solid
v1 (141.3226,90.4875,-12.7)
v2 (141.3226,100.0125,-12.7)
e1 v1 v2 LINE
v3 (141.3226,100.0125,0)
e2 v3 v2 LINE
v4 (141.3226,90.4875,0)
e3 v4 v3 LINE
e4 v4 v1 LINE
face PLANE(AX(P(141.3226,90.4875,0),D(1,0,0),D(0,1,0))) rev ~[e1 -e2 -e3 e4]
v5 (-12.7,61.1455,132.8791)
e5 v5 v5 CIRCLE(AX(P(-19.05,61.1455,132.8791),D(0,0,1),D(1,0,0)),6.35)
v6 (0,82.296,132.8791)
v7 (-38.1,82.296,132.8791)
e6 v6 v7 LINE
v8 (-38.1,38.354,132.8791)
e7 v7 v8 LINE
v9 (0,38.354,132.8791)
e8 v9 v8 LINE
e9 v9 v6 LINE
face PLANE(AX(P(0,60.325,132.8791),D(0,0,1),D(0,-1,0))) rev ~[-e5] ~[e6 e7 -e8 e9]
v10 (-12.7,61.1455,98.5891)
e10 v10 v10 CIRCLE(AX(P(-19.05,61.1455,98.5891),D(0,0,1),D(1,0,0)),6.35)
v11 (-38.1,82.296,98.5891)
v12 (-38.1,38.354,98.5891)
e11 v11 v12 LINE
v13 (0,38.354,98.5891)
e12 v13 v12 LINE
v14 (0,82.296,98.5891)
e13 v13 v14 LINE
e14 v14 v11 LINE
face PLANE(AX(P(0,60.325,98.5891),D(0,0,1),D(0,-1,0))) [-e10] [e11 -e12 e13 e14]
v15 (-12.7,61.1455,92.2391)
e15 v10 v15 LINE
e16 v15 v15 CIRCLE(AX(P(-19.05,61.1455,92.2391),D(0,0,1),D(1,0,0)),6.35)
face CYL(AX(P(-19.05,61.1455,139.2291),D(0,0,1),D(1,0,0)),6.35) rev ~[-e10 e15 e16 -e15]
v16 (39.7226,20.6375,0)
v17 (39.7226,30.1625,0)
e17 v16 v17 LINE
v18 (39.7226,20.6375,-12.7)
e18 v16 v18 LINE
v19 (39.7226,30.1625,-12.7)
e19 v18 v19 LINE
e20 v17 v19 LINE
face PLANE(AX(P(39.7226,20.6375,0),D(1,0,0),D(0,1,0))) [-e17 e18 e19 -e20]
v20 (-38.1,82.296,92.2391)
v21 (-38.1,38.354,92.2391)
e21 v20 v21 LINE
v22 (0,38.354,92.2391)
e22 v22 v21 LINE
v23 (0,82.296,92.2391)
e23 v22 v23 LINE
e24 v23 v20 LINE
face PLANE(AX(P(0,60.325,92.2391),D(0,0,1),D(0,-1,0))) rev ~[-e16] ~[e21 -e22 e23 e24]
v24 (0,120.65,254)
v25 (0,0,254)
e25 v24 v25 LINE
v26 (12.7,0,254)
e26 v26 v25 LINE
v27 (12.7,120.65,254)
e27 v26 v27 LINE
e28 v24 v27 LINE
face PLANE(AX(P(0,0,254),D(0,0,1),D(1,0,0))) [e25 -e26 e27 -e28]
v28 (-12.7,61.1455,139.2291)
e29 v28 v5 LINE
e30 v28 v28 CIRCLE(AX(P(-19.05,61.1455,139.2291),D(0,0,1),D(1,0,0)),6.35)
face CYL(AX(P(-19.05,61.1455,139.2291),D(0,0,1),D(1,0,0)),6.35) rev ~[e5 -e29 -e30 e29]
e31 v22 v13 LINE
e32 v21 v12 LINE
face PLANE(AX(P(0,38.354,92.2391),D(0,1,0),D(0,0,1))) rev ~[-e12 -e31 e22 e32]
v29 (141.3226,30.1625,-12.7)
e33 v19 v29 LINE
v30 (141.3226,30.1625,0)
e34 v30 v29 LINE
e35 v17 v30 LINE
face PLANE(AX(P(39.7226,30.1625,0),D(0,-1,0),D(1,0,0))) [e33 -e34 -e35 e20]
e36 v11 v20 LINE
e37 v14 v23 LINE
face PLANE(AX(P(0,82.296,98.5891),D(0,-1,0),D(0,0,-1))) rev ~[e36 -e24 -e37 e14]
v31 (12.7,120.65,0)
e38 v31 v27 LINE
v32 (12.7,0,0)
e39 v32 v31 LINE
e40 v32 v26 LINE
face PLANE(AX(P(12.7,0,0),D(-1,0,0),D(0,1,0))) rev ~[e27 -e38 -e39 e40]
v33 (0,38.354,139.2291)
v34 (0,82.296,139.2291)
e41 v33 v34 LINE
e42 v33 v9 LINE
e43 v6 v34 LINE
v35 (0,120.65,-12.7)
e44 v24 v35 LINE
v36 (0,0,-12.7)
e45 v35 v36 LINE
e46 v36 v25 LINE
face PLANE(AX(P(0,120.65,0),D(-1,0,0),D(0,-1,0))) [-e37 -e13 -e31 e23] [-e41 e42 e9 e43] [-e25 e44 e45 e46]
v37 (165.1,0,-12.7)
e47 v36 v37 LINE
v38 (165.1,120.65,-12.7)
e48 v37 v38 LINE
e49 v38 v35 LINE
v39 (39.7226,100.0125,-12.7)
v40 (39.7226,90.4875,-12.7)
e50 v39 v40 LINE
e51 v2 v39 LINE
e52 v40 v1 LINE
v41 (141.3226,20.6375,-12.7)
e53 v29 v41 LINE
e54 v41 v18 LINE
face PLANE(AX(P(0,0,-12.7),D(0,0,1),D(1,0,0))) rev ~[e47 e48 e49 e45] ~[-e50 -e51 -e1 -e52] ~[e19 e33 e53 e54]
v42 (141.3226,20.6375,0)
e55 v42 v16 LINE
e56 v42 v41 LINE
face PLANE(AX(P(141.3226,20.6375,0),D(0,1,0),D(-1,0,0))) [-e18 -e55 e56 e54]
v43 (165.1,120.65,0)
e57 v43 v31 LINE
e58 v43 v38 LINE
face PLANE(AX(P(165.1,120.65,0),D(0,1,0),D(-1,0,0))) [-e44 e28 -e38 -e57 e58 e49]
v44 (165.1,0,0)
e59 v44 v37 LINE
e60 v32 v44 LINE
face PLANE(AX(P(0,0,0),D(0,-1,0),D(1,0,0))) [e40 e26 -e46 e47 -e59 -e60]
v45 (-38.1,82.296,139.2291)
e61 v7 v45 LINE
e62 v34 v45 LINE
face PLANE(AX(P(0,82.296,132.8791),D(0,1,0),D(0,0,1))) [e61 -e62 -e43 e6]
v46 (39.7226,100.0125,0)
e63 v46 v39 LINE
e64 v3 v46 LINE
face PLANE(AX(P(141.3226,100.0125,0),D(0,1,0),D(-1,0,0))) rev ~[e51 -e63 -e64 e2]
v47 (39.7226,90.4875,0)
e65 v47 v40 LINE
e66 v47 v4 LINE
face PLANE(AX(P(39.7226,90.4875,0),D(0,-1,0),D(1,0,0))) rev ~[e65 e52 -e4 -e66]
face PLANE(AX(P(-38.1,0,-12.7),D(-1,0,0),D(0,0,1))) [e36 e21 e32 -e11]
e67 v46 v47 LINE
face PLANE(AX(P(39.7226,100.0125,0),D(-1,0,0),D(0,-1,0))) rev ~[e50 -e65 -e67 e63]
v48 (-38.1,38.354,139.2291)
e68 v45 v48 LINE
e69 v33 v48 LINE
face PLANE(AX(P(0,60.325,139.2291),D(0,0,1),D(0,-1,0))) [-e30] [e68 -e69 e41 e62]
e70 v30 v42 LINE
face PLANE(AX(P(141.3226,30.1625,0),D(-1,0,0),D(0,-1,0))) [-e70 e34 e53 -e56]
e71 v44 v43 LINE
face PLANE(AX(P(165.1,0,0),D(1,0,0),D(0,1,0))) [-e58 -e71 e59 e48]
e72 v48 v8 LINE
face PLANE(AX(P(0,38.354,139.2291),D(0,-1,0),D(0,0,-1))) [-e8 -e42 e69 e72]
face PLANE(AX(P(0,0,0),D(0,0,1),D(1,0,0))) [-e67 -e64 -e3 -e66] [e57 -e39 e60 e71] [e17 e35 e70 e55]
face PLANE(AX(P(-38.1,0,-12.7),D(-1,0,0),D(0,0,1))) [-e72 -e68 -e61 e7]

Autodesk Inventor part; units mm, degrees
ref_plane "YZ Plane" through (0, 0, 0) normal (1, 0, 0) x (0, 1, 0)
ref_plane "XZ Plane" through (0, 0, 0) normal (0, 1, 0) x (-1, 0, 0)
ref_plane "XY Plane" through (0, 0, 0) normal (0, 0, 1) x (1, 0, 0)
sketch "Sketch1" plane through (0, 0, 0) normal (0, 0, 1) x (1, 0, 0)
  line L0 (0, 0) -> (165.1, 0)
  line L1 (165.1, 0) -> (165.1, 120.65)
  line L2 (165.1, 120.65) -> (0, 120.65)
  line L3 (0, 120.65) -> (0, 0)
  dimension "d0" = 165.1
  dimension "d1" = 120.65
extrude "Extrusion1" add sketch "Sketch1" against normal blind 12.7
sketch "Sketch2" plane through (0, 0, 0) normal (0, 0, 1) x (1, 0, 0)
  line L0 (165.1, 0) -> (0, 0) projected
  line L1 (0, 120.65) -> (165.1, 120.65) projected
  line L2 (0, 0) -> (12.7, 0)
  line L3 (12.7, 0) -> (12.7, 120.65)
  line L4 (12.7, 120.65) -> (0, 120.65)
  line L5 (0, 120.65) -> (0, 0)
  dimension "d4" = 12.7
extrude "Extrusion2" add sketch "Sketch2" along normal blind 254
sketch "Sketch5" plane through (0, 0, 0) normal (0, 0, 1) x (1, 0, 0)
  point P0 (0, 0)
sketch "Sketch7" plane through (0, 0, 0) normal (0, 0, 1) x (1, 0, 0)
  line L0 (165.1, 120.65) -> (165.1, 0) projected
  line L1 (165.1, 60.325) -> (0, 60.325)
  line L2 (0, 0) -> (0, 120.65) projected
  line L3 (39.7226, 30.1625) -> (141.3226, 30.1625)
  line L4 (141.3226, 30.1625) -> (141.3226, 20.6375)
  line L5 (141.3226, 20.6375) -> (39.7226, 20.6375)
  line L6 (39.7226, 20.6375) -> (39.7226, 30.1625)
  line L7 (39.7226, 90.4875) -> (141.3226, 90.4875)
  line L8 (141.3226, 90.4875) -> (141.3226, 100.0125)
  line L9 (141.3226, 100.0125) -> (39.7226, 100.0125)
  line L10 (39.7226, 100.0125) -> (39.7226, 90.4875)
  point P0 (118.0813, 25.4)
  point P1 (118.0813, 95.25)
  dimension "d20" = 101.6
  dimension "d21" = 9.525
  dimension "d33" = 4.7625
  dimension "d34" = 4.7625
hole "Hole1" [suppressed]
extrude "Extrusion7" cut sketch "Sketch7" against normal blind 25.4
sketch "Sketch8" plane through (0, 0, -12.7) normal (-1, 0, 0) x (0, 0, 1)
  line L0 (266.7, 120.65) -> (266.7, 0) projected
  line L1 (266.7, 60.325) -> (0, 60.325)
  line L2 (0, 0) -> (0, 120.65) projected
  line L3 (128.4341, 144.8996) -> (128.4341, -24.2496)
  line L4 (145.5791, 60.325) -> (145.5791, 38.354)
  line L5 (145.5791, 60.325) -> (145.5791, 82.296)
  line L6 (111.2891, 60.325) -> (111.2891, 38.354)
  line L7 (111.2891, 60.325) -> (111.2891, 82.296)
  line L8 (145.5791, 82.296) -> (151.9291, 82.296)
  line L9 (151.9291, 82.296) -> (151.9291, 38.354)
  line L10 (151.9291, 38.354) -> (145.5791, 38.354)
  line L11 (145.5791, 38.354) -> (145.5791, 82.296)
  line L12 (111.2891, 82.296) -> (104.9391, 82.296)
  line L13 (104.9391, 82.296) -> (104.9391, 38.354)
  line L14 (104.9391, 38.354) -> (111.2891, 38.354)
  line L15 (111.2891, 38.354) -> (111.2891, 82.296)
  point P0 (12.7, 0)
  dimension "d35" = 17.145
  dimension "d36" = 21.971
  dimension "d37" = 21.971
  dimension "d38" = 6.35
  dimension "d39" = 6.35
extrude "Extrusion8" add sketch "Sketch8" along normal blind 38.1
sketch "Sketch9" plane through (0, 38.354, 139.2291) normal (0, 0, 1) x (1, 0, 0)
  line L0 (0, 82.296) -> (0, -38.354) projected
  circle A0 centre (-19.05, 22.7915) radius 6.35
  point P0 (0, 22.7915)
  dimension "d42" = 19.05
  dimension "d43" = 12.7
extrude "Extrusion9" cut sketch "Sketch9" against normal blind 50.8
properties part number "LucasCharles part11 final" material "Stainless Steel, Austenitic"
